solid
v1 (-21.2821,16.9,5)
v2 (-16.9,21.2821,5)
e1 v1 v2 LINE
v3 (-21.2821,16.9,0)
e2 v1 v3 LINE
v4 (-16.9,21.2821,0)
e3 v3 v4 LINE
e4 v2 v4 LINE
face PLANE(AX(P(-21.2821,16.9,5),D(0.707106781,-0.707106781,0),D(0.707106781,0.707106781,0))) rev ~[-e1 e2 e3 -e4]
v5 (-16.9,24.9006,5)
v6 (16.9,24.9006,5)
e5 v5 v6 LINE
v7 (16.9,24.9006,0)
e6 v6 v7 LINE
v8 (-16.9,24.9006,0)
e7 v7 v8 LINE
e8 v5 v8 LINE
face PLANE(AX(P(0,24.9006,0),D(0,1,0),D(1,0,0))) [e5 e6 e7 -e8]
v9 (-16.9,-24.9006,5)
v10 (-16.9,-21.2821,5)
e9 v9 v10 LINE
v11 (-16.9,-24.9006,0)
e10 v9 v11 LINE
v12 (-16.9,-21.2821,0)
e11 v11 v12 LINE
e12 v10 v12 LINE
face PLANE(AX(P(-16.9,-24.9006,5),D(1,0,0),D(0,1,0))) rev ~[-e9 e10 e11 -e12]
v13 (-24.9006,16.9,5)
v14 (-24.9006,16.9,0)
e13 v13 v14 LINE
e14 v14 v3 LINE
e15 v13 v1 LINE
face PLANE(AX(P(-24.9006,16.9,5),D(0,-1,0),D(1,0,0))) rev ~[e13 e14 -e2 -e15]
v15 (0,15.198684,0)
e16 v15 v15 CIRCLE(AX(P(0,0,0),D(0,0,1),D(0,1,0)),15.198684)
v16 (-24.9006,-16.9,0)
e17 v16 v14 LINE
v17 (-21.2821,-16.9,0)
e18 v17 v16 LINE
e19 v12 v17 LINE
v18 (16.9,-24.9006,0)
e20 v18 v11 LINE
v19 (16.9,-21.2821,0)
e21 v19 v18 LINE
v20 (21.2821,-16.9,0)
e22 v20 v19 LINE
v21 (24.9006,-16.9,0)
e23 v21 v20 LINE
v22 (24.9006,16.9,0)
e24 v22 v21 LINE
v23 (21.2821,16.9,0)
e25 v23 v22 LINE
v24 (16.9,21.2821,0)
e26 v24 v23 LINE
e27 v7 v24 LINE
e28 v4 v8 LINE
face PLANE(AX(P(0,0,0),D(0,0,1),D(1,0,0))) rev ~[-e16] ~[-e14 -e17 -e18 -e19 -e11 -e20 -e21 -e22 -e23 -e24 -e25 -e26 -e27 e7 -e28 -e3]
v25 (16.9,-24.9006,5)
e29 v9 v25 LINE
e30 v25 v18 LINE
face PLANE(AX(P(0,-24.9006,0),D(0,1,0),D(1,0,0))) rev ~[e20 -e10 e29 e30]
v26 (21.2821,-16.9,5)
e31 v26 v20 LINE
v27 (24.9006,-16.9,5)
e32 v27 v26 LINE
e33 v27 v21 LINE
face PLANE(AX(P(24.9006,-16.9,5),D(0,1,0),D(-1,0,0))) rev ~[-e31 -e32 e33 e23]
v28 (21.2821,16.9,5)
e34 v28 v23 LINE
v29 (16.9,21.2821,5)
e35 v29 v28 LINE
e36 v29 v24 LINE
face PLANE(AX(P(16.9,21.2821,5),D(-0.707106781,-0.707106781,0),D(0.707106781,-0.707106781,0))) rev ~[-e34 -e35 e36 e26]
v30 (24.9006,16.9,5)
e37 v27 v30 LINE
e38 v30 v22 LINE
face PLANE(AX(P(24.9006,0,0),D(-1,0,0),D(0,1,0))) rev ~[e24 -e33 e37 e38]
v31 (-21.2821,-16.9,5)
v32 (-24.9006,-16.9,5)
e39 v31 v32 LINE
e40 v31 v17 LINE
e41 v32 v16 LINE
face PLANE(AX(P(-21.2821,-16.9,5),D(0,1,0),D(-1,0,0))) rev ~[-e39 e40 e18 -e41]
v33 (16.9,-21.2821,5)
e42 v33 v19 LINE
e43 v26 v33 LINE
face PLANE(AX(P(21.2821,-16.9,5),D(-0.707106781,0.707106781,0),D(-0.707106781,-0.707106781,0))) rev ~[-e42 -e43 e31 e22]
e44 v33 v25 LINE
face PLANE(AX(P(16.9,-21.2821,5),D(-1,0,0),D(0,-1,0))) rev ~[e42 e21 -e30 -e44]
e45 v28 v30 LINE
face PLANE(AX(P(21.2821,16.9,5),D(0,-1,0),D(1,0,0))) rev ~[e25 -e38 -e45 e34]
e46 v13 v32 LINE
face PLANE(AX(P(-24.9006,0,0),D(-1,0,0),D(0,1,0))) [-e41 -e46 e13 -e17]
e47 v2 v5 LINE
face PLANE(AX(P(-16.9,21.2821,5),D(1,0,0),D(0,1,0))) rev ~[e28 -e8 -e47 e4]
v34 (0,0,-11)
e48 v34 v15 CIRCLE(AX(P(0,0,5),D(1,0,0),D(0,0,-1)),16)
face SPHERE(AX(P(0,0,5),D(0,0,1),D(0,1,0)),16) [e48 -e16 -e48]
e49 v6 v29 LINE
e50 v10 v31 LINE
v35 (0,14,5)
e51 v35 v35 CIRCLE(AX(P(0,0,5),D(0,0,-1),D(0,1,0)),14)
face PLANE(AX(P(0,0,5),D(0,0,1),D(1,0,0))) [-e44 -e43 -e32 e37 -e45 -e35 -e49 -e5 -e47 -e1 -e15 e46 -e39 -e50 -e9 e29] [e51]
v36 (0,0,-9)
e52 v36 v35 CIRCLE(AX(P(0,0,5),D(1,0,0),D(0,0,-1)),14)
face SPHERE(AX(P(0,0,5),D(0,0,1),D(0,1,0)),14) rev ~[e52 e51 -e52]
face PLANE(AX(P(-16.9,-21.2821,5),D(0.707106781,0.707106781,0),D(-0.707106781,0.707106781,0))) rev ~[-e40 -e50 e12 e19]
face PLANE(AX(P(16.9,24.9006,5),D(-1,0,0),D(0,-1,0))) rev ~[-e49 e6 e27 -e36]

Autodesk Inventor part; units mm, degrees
ref_plane "YZ Plane" through (0, 0, 0) normal (1, 0, 0) x (0, 1, 0)
ref_plane "XZ Plane" through (0, 0, 0) normal (0, 1, 0) x (-1, 0, 0)
ref_plane "XY Plane" through (0, 0, 0) normal (0, 0, 1) x (1, 0, 0)
sketch "Sketch1" plane through (0, 0, 0) normal (0, 0, 1) x (1, 0, 0)
  line L0 (-38.8739, 0) -> (58.9391, 0) construction
  line L1 (0, -36.2399) -> (0, 43.1348) construction
  line L2 (0, 0) -> (31.7956, 31.7956) construction
  line L3 (0, 0) -> (44.9658, 0) construction
  line L4 (0, 24.9006) -> (16.8, 24.9006)
  line L5 (16.8, 24.9006) -> (16.8, 21.2406)
  line L6 (16.8, 21.2406) -> (19.0203, 19.0203)
  line L7 (24.9006, 0) -> (24.9006, 16.8)
  line L8 (24.9006, 16.8) -> (21.2406, 16.8)
  line L9 (21.2406, 16.8) -> (19.0203, 19.0203)
  line L10 (0, 24.9006) -> (-16.8, 24.9006)
  line L11 (-16.8, 24.9006) -> (-16.8, 21.2406)
  line L12 (-16.8, 21.2406) -> (-19.0203, 19.0203)
  line L13 (-24.9006, 0) -> (-24.9006, 16.8)
  line L14 (-24.9006, 16.8) -> (-21.2406, 16.8)
  line L15 (-21.2406, 16.8) -> (-19.0203, 19.0203)
  line L16 (0, -24.9006) -> (16.8, -24.9006)
  line L17 (16.8, -24.9006) -> (16.8, -21.2406)
  line L18 (16.8, -21.2406) -> (19.0203, -19.0203)
  line L19 (24.9006, 0) -> (24.9006, -16.8)
  line L20 (24.9006, -16.8) -> (21.2406, -16.8)
  line L21 (21.2406, -16.8) -> (19.0203, -19.0203)
  line L22 (0, -24.9006) -> (-16.8, -24.9006)
  line L23 (-16.8, -24.9006) -> (-16.8, -21.2406)
  line L24 (-16.8, -21.2406) -> (-19.0203, -19.0203)
  line L25 (-24.9006, 0) -> (-24.9006, -16.8)
  line L26 (-24.9006, -16.8) -> (-21.2406, -16.8)
  line L27 (-21.2406, -16.8) -> (-19.0203, -19.0203)
  circle A0 centre (0, 0) radius 14
  dimension "d0" = 45
  dimension "d1" = 16.8
  dimension "d2" = 3.66
  dimension "d3" = 3.14
  dimension "d4" = 28
extrude "Extrusion1" add sketch "Sketch1" along normal blind 5
sketch "Sketch2" plane through (0, 0, 5) normal (0, 0, 1) x (1, 0, 0)
  circle A0 centre (0, 0) radius 14 construction
  line L0 (16.8, 24.9006) -> (-16.8, 24.9006) construction
  line L1 (-16.8, 24.9006) -> (-16.8, 21.2406) construction
  line L2 (-16.8, 21.2406) -> (-21.2406, 16.8) construction
  line L3 (-21.2406, 16.8) -> (-24.9006, 16.8) construction
  line L4 (-24.9006, 16.8) -> (-24.9006, -16.8) construction
  line L5 (-24.9006, -16.8) -> (-21.2406, -16.8) construction
  line L6 (-21.2406, -16.8) -> (-16.8, -21.2406) construction
  line L7 (-16.8, -21.2406) -> (-16.8, -24.9006) construction
  line L8 (-16.8, -24.9006) -> (16.8, -24.9006) construction
  line L9 (16.8, -24.9006) -> (16.8, -21.2406) construction
  line L10 (16.8, -21.2406) -> (21.2406, -16.8) construction
  line L11 (21.2406, -16.8) -> (24.9006, -16.8) construction
  line L12 (24.9006, -16.8) -> (24.9006, 16.8) construction
  line L13 (24.9006, 16.8) -> (21.2406, 16.8) construction
  line L14 (21.2406, 16.8) -> (16.8, 21.2406) construction
  line L15 (16.8, 21.2406) -> (16.8, 24.9006) construction
  line L16 (-34.8609, 0) -> (34.8609, 0) construction
  line L17 (0, -34.8609) -> (0, 34.8609) construction
  circle A1 centre (13, -13) radius 2.5
  circle A2 centre (-13, -13) radius 2.5
  dimension "d7" = 5
  dimension "d8" = 13
  dimension "d9" = 13
extrude "Extrusion2" [suppressed]
sketch "Sketch3" plane through (0, 0, 0) normal (1, 0, 0) x (0, 1, 0)
  line L0 (-14, 5) -> (14, 5) construction
  line L1 (24.9006, 5) -> (21.2406, 5) construction
  line L2 (21.2406, 5) -> (16.8, 5) construction
  line L3 (16.8, 5) -> (-16.8, 5) construction
  line L4 (-16.8, 5) -> (-21.2406, 5) construction
  line L5 (-21.2406, 5) -> (-24.9006, 5) construction
  line L6 (-24.9006, 5) -> (-21.2406, 5) construction
  line L7 (-21.2406, 5) -> (-16.8, 5) construction
  line L8 (-16.8, 5) -> (16.8, 5) construction
  line L9 (16.8, 5) -> (21.2406, 5) construction
  line L10 (21.2406, 5) -> (24.9006, 5) construction
  line L11 (24.9006, 0) -> (21.2406, 0) construction
  line L12 (24.9006, 0) -> (24.9006, 5) construction
  line L13 (21.2406, 5) -> (24.9006, 5) construction
  line L14 (21.2406, 0) -> (21.2406, 5) construction
  line L15 (21.2406, 0) -> (16.8, 0) construction
  line L16 (21.2406, 0) -> (21.2406, 5) construction
  line L17 (16.8, 5) -> (21.2406, 5) construction
  line L18 (16.8, 0) -> (16.8, 5) construction
  line L19 (16.8, 0) -> (-16.8, 0) construction
  line L20 (16.8, 0) -> (16.8, 5) construction
  line L21 (-16.8, 5) -> (16.8, 5) construction
  line L22 (-16.8, 0) -> (-16.8, 5) construction
  line L23 (-16.8, 0) -> (-21.2406, 0) construction
  line L24 (-16.8, 0) -> (-16.8, 5) construction
  line L25 (-21.2406, 5) -> (-16.8, 5) construction
  line L26 (-21.2406, 0) -> (-21.2406, 5) construction
  line L27 (-21.2406, 0) -> (-24.9006, 0) construction
  line L28 (-21.2406, 0) -> (-21.2406, 5) construction
  line L29 (-24.9006, 5) -> (-21.2406, 5) construction
  line L30 (-24.9006, 0) -> (-24.9006, 5) construction
  line L31 (-14, 5) -> (14, 5) construction
  line L32 (14, 0) -> (-14, 0) construction
  line L33 (16.8, 5) -> (-16.8, 5)
  arc A0 (0, -9) -> (14, 5) centre (0, 5) ccw
  line L34 (0, -16.0037) -> (0, 8.5006) construction
  arc A1 (0, -11) -> (16, 5) centre (0, 5) ccw
  line L35 (0, -9) -> (0, -11)
  line L36 (16, 5) -> (14, 5)
revolve "Revolution1" add sketch "Sketch3" angle 360 about axis through (0, 0, -10) along (0, 0, 1)
sketch "Skizze4" plane through (0, 0, 5) normal (0, 0, 1) x (1, 0, 0)
  circle A0 centre (0, 0) radius 14 construction
  line L0 (16.8, 24.9006) -> (-16.8, 24.9006) construction
  line L1 (-16.8, 24.9006) -> (-16.8, 21.2406) projected
  line L2 (-16.8, 21.2406) -> (-21.2406, 16.8) projected
  line L3 (-21.2406, 16.8) -> (-24.9006, 16.8) projected
  line L4 (-24.9006, 16.8) -> (-24.9006, -16.8) construction
  line L5 (-24.9006, -16.8) -> (-21.2406, -16.8) projected
  line L6 (-21.2406, -16.8) -> (-16.8, -21.2406) projected
  line L7 (-16.8, -21.2406) -> (-16.8, -24.9006) projected
  line L8 (-16.8, -24.9006) -> (16.8, -24.9006) construction
  line L9 (16.8, -24.9006) -> (16.8, -21.2406) projected
  line L10 (16.8, -21.2406) -> (21.2406, -16.8) projected
  line L11 (21.2406, -16.8) -> (24.9006, -16.8) projected
  line L12 (24.9006, -16.8) -> (24.9006, 16.8) construction
  line L13 (24.9006, 16.8) -> (21.2406, 16.8) projected
  line L14 (21.2406, 16.8) -> (16.8, 21.2406) projected
  line L15 (16.8, 21.2406) -> (16.8, 24.9006) projected
  line L16 (-16.9, 25.0006) -> (16.9, 25.0006) construction
  line L17 (16.9, 25.0006) -> (16.9, 21.2821)
  line L18 (16.9, 21.2821) -> (21.2821, 16.9)
  line L19 (21.2821, 16.9) -> (25.0006, 16.9)
  line L20 (25.0006, 16.9) -> (25.0006, -16.9) construction
  line L21 (25.0006, -16.9) -> (21.2821, -16.9)
  line L22 (21.2821, -16.9) -> (16.9, -21.2821)
  line L23 (16.9, -21.2821) -> (16.9, -25.0006)
  line L24 (16.9, -25.0006) -> (-16.9, -25.0006) construction
  line L25 (-16.9, -25.0006) -> (-16.9, -21.2821)
  line L26 (-16.9, -21.2821) -> (-21.2821, -16.9)
  line L27 (-21.2821, -16.9) -> (-25.0006, -16.9)
  line L28 (-25.0006, -16.9) -> (-25.0006, 16.9) construction
  line L29 (-25.0006, 16.9) -> (-21.2821, 16.9)
  line L30 (-21.2821, 16.9) -> (-16.9, 21.2821)
  line L31 (-16.9, 21.2821) -> (-16.9, 25.0006)
  line L32 (-24.9006, 16.8) -> (-24.9006, 16.9)
  line L33 (16.8, 24.9006) -> (-16.8, 24.9006) projected
  line L34 (-16.8, 24.9006) -> (-16.9, 24.9006)
  line L35 (16.8, 24.9006) -> (16.9, 24.9006)
  line L36 (24.9006, -16.8) -> (24.9006, 16.8) projected
  line L37 (24.9006, 16.8) -> (24.9006, 16.9)
  line L38 (24.9006, -16.8) -> (24.9006, -16.9)
  line L39 (16.8, -24.9006) -> (16.8, -21.2406) projected
  line L40 (16.8, -24.9006) -> (16.9, -24.9006)
  line L41 (-16.8, -24.9006) -> (-16.9, -24.9006)
  line L42 (-24.9006, -16.8) -> (-24.9006, 16.8) projected
  line L43 (-24.9006, -16.8) -> (-24.9006, -16.9)
  dimension "d15" = 0.1
extrude "IM_offset" add sketch "Skizze4" against normal up to surface (5 mm away)
equation "\"d9\" = d8"
properties part number "20_Cube_Insert_Eye_v3"
